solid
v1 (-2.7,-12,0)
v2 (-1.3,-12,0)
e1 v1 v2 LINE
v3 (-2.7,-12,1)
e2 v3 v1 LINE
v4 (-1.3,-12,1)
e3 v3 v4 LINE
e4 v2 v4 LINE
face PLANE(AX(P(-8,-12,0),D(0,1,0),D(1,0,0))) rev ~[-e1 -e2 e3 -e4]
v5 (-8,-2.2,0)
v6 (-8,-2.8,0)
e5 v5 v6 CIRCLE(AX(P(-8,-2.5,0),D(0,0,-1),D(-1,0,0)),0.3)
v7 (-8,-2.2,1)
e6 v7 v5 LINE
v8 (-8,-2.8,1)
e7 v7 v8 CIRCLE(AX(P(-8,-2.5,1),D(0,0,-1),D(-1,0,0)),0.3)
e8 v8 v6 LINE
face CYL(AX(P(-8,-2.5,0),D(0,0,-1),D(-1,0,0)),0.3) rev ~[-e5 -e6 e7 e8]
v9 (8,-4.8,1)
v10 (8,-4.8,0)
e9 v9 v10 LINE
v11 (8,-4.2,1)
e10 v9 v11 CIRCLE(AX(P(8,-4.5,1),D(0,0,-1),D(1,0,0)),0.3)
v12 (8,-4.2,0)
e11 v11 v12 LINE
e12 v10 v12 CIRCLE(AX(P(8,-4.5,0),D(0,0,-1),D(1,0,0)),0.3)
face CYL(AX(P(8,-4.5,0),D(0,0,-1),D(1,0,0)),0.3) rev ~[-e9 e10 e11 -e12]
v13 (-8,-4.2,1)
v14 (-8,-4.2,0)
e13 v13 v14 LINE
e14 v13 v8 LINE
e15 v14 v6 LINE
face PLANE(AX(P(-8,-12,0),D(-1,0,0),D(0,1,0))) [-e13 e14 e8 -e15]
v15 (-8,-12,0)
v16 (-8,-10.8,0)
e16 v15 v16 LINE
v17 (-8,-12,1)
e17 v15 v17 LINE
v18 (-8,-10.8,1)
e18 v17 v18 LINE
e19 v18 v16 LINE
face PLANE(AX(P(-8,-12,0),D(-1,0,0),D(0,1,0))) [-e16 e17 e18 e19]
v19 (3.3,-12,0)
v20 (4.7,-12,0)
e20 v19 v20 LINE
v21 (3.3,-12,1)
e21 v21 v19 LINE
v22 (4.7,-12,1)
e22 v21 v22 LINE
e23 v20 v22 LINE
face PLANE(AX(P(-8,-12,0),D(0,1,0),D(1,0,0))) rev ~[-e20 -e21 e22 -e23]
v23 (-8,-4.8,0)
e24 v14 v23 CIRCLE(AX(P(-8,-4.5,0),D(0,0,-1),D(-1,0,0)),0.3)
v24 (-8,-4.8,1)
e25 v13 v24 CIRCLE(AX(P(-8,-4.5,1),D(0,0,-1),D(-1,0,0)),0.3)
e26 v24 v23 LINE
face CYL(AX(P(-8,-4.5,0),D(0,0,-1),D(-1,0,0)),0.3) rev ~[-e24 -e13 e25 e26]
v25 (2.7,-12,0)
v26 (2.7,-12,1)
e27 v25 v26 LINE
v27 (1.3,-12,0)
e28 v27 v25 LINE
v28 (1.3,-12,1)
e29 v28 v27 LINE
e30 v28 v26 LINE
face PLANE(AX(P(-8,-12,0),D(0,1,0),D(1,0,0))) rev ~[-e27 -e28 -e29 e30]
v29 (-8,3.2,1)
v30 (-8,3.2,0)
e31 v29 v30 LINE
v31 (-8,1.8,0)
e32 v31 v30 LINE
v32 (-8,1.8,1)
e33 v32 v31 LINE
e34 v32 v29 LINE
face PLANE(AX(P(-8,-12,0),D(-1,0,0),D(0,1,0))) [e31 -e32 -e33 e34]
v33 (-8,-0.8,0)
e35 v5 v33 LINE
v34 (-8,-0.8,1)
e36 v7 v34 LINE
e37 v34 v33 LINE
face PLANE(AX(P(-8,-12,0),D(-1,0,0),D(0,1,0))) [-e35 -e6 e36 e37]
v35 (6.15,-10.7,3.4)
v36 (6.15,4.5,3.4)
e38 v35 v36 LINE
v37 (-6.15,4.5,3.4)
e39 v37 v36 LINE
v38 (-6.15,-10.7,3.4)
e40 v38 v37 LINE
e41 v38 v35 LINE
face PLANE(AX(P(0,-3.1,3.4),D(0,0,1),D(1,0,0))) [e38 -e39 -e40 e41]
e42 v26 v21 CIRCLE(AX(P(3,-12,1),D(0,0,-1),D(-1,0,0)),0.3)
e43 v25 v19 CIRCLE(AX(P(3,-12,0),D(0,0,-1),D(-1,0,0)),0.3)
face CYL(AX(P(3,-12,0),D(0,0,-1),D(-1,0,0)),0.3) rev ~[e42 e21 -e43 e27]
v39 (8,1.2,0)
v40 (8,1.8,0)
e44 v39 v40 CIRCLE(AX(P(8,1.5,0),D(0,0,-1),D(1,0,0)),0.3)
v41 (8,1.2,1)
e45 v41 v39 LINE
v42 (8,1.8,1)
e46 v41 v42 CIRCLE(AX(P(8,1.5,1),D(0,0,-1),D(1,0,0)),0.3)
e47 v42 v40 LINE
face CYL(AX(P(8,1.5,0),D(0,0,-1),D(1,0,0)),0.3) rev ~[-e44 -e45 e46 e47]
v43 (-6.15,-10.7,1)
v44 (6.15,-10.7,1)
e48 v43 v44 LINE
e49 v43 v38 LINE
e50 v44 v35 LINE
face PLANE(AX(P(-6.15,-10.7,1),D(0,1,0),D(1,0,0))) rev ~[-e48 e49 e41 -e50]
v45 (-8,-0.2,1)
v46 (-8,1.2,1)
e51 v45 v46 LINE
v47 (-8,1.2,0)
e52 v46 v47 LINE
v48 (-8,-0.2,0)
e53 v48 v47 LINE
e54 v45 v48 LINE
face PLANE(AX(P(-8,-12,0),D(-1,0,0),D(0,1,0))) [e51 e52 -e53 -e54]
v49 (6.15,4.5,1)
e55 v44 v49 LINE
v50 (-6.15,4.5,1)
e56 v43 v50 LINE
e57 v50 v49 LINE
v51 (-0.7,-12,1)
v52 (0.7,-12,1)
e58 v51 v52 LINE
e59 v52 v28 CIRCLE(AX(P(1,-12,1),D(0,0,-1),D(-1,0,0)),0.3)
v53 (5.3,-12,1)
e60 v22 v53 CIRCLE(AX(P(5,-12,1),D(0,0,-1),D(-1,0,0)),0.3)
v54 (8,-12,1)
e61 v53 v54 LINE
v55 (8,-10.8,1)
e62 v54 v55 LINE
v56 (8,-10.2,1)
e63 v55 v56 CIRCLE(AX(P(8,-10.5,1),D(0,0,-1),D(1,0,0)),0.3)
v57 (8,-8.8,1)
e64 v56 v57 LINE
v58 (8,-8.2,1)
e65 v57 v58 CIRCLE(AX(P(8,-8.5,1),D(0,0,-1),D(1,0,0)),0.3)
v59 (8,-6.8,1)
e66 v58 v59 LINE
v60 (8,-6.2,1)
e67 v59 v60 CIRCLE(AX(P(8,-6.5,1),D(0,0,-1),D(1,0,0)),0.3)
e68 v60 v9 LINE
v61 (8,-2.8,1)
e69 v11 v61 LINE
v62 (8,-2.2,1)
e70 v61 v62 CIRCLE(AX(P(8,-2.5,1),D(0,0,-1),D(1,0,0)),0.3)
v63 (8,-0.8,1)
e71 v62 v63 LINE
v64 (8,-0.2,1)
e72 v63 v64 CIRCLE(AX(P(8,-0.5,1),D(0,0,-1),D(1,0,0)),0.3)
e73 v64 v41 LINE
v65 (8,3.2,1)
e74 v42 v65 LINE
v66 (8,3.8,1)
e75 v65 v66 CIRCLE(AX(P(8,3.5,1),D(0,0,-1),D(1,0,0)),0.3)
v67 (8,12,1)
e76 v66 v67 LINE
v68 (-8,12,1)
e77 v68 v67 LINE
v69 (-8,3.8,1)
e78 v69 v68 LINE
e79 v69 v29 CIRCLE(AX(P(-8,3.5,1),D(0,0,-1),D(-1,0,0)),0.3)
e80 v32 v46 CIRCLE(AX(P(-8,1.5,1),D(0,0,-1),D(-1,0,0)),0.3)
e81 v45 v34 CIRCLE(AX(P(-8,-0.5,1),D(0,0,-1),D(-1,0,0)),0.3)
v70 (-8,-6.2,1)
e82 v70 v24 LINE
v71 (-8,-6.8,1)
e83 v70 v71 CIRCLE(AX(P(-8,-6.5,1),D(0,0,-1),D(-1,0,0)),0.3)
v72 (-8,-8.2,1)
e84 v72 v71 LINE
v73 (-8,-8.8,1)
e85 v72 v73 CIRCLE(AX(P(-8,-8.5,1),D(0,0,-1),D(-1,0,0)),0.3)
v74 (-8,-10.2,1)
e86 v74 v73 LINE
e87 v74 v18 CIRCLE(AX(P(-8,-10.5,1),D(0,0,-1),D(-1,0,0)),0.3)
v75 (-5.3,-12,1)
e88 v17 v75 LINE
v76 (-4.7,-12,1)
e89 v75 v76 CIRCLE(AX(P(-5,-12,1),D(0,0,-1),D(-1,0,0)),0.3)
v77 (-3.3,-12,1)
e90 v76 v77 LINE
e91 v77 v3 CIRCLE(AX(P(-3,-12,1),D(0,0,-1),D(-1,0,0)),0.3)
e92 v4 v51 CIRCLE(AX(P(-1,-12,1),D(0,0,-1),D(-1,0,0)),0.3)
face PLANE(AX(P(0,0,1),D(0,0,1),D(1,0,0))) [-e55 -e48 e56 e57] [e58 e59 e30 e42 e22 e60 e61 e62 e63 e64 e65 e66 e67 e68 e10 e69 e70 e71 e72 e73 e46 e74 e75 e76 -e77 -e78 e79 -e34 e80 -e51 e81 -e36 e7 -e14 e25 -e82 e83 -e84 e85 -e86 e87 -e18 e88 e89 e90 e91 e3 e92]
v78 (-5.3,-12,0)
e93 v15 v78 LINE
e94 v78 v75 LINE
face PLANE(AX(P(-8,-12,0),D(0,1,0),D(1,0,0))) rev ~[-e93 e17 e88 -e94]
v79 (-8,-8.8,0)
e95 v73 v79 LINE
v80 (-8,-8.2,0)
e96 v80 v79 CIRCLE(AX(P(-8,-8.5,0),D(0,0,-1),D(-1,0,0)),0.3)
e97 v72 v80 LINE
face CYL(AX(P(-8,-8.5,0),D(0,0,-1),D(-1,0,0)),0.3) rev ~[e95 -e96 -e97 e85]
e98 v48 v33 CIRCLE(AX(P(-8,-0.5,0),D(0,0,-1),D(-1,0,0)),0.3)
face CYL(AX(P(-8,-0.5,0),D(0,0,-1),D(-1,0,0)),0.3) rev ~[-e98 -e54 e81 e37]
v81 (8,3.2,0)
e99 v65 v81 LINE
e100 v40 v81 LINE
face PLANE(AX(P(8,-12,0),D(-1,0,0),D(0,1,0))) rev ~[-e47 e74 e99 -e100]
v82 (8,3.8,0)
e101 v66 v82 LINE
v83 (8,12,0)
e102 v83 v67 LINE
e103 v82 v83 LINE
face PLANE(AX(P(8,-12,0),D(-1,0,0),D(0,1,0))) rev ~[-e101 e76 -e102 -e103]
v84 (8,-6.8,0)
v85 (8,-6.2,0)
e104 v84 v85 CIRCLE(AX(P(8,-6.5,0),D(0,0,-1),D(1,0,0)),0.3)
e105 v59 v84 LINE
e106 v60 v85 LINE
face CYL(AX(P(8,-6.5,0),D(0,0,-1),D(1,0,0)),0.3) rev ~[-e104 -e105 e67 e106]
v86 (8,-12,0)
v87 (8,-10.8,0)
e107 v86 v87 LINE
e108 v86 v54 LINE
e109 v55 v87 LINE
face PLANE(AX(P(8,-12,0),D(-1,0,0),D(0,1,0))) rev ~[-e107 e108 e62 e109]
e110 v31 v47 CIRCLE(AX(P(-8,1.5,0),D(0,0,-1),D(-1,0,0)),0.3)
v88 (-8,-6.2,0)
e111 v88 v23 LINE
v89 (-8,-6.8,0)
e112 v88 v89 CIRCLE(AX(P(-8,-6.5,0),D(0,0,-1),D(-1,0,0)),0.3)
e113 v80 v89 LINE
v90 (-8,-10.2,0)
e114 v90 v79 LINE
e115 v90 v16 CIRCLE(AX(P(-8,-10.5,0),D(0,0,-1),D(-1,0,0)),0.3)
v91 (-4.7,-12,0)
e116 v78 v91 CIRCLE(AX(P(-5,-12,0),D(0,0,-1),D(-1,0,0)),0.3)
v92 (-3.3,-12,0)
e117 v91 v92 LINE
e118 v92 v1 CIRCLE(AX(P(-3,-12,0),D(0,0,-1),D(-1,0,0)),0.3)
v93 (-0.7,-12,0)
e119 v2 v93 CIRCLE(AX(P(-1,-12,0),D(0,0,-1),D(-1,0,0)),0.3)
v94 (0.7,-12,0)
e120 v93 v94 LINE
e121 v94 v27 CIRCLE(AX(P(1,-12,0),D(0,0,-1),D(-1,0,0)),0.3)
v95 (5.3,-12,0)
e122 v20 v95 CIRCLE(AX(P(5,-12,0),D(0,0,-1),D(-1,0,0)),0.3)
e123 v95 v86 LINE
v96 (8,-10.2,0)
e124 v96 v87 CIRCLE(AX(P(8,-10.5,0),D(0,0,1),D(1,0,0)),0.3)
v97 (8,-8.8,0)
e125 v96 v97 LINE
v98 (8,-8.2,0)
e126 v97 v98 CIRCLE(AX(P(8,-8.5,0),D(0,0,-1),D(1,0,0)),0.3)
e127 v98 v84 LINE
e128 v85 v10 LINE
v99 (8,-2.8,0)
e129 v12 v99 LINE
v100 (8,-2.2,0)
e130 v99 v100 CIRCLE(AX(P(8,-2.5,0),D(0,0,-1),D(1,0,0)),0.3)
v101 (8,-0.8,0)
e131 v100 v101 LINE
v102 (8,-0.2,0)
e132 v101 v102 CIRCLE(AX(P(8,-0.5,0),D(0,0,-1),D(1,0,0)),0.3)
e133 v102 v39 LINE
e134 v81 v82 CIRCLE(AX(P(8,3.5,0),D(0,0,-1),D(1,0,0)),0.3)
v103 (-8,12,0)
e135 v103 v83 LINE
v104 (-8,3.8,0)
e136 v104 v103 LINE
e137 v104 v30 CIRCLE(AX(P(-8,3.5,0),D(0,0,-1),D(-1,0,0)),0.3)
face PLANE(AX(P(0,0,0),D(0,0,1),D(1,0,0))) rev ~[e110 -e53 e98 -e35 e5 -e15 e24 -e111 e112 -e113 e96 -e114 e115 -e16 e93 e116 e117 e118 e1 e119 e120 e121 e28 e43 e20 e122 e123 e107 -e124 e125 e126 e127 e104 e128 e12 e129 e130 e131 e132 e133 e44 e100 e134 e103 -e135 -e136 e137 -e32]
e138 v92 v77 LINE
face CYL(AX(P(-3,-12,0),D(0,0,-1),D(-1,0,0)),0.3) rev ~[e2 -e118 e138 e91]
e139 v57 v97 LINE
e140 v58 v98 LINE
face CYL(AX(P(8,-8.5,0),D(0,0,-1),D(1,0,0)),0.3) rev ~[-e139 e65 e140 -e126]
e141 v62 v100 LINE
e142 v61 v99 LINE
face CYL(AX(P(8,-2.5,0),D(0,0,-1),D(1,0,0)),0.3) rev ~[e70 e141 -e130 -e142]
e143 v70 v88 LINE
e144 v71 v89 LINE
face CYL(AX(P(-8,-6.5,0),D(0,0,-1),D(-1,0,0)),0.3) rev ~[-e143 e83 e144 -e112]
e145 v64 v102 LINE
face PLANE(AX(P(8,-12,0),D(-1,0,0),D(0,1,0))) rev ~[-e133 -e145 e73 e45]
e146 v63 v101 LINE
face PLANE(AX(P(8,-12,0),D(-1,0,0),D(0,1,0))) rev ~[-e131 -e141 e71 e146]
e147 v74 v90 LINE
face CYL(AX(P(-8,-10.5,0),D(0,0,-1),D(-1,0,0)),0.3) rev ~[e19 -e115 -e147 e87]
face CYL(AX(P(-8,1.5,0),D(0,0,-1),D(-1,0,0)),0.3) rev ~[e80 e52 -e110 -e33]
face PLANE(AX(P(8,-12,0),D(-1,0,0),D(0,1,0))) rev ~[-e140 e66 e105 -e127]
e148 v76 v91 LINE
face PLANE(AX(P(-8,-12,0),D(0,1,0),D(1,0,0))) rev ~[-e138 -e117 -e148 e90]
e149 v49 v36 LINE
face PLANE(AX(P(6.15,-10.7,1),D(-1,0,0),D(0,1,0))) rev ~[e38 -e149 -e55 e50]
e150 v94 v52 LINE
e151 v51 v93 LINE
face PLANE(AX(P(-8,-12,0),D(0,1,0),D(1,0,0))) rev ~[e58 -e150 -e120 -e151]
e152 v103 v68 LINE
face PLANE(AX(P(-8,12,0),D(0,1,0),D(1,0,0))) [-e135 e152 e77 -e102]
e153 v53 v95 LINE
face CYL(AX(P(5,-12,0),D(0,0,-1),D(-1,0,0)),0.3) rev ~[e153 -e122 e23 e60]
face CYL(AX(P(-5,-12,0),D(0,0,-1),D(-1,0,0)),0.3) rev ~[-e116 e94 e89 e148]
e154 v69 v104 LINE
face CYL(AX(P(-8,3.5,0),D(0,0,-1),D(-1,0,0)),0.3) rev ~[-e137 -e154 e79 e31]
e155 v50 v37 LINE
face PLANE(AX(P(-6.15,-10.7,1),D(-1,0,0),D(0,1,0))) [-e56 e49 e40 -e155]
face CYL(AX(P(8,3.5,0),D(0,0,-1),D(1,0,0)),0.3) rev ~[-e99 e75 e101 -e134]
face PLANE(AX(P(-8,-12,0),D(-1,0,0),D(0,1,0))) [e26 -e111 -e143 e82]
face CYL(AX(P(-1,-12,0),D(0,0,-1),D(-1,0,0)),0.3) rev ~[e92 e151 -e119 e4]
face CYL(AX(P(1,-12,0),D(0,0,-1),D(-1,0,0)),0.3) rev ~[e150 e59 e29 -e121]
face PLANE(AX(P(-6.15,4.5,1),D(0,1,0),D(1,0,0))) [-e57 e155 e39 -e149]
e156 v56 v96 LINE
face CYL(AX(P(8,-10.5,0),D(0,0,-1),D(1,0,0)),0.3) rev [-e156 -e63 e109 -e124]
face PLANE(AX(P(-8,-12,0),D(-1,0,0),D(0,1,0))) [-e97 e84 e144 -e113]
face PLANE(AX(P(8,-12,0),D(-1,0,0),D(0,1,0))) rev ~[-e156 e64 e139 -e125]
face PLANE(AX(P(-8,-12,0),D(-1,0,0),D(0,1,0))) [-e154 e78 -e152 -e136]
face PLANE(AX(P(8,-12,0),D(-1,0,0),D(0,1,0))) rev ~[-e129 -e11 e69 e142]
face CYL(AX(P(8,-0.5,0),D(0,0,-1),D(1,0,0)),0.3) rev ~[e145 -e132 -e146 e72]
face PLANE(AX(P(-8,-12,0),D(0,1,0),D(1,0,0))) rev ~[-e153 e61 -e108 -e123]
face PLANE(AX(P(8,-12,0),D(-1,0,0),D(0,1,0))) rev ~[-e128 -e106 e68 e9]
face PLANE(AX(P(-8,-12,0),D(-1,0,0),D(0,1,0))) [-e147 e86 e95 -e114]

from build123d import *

# Parameters (mm, degrees)
SKETCH1_W               = 16
SKETCH1_H               = 24
BOSS_EXTRUDE1_DEPTH     = 1
SKETCH2_W               = 12.3
SKETCH2_H               = 15.2
BOSS_EXTRUDE2_DEPTH     = 2.4
SKETCH3_R               = 0.3
CUT_EXTRUDE1_DEPTH      = 15.817557154
LPATTERN1_COUNT         = 8
LPATTERN1_PITCH         = 2
MIRROR1_COPY_1_SKETCH_R = 0.3
MIRROR1_COPY_1_DEPTH    = 15.817557154
MIRROR1_COPY_2_SKETCH_R = 0.3
MIRROR1_COPY_2_DEPTH    = 15.817557154
MIRROR1_COPY_3_SKETCH_R = 0.3
MIRROR1_COPY_3_DEPTH    = 15.817557154
MIRROR1_COPY_4_SKETCH_R = 0.3
MIRROR1_COPY_4_DEPTH    = 15.817557154
MIRROR1_COPY_5_SKETCH_R = 0.3
MIRROR1_COPY_5_DEPTH    = 15.817557154
MIRROR1_COPY_6_SKETCH_R = 0.3
MIRROR1_COPY_6_DEPTH    = 15.817557154
MIRROR1_COPY_7_SKETCH_R = 0.3
MIRROR1_COPY_7_DEPTH    = 15.817557154
SKETCH4_R               = 0.3
CUT_EXTRUDE2_DEPTH      = 15.817557154
LPATTERN2_COUNT         = 6
LPATTERN2_PITCH         = 2


with BuildPart() as part:
    # Sketch1 → Boss-Extrude1 (new body)
    with BuildSketch(Plane.XY):
        Rectangle(SKETCH1_W, SKETCH1_H)
    extrude(amount=BOSS_EXTRUDE1_DEPTH)

    # Sketch2 → Boss-Extrude2 (add)
    with BuildSketch(Plane.XY.offset(1)):
        with Locations((0, -3.1)):
            Rectangle(SKETCH2_W, SKETCH2_H)
    extrude(amount=BOSS_EXTRUDE2_DEPTH)

    # Sketch3 → Cut-Extrude1 (cut, through all)
    with BuildSketch(Plane(origin=(0, 0, 0), x_dir=(-1, 0, 0), z_dir=(0, 0, -1))):
        with Locations((8, -10.5)):
            Circle(SKETCH3_R)
    cut_extrude1 = extrude(amount=-CUT_EXTRUDE1_DEPTH, mode=Mode.SUBTRACT)

    # LPattern1: Cut-Extrude1 ×8
    with Locations(*[(0, i * LPATTERN1_PITCH, 0) for i in range(1, LPATTERN1_COUNT)]):
        add(cut_extrude1, mode=Mode.SUBTRACT)

    # Mirror1: Cut-Extrude1 across plane
    add(cut_extrude1.mirror(Plane(origin=(0, 0, 0), x_dir=(0, 0, 1), z_dir=(1, 0, 0))), mode=Mode.SUBTRACT)

    # Mirror1 copy 1 sketch → Mirror1 copy 1 (cut, through all)
    with BuildSketch(Plane(origin=(0, 2, 0), x_dir=(1, 0, 0), z_dir=(0, 0, -1))):
        with Locations((8, 10.5)):
            Circle(MIRROR1_COPY_1_SKETCH_R)
    extrude(amount=-MIRROR1_COPY_1_DEPTH, mode=Mode.SUBTRACT)

    # Mirror1 copy 2 sketch → Mirror1 copy 2 (cut, through all)
    with BuildSketch(Plane(origin=(0, 4, 0), x_dir=(1, 0, 0), z_dir=(0, 0, -1))):
        with Locations((8, 10.5)):
            Circle(MIRROR1_COPY_2_SKETCH_R)
    extrude(amount=-MIRROR1_COPY_2_DEPTH, mode=Mode.SUBTRACT)

    # Mirror1 copy 3 sketch → Mirror1 copy 3 (cut, through all)
    with BuildSketch(Plane(origin=(0, 6, 0), x_dir=(1, 0, 0), z_dir=(0, 0, -1))):
        with Locations((8, 10.5)):
            Circle(MIRROR1_COPY_3_SKETCH_R)
    extrude(amount=-MIRROR1_COPY_3_DEPTH, mode=Mode.SUBTRACT)

    # Mirror1 copy 4 sketch → Mirror1 copy 4 (cut, through all)
    with BuildSketch(Plane(origin=(0, 8, 0), x_dir=(1, 0, 0), z_dir=(0, 0, -1))):
        with Locations((8, 10.5)):
            Circle(MIRROR1_COPY_4_SKETCH_R)
    extrude(amount=-MIRROR1_COPY_4_DEPTH, mode=Mode.SUBTRACT)

    # Mirror1 copy 5 sketch → Mirror1 copy 5 (cut, through all)
    with BuildSketch(Plane(origin=(0, 10, 0), x_dir=(1, 0, 0), z_dir=(0, 0, -1))):
        with Locations((8, 10.5)):
            Circle(MIRROR1_COPY_5_SKETCH_R)
    extrude(amount=-MIRROR1_COPY_5_DEPTH, mode=Mode.SUBTRACT)

    # Mirror1 copy 6 sketch → Mirror1 copy 6 (cut, through all)
    with BuildSketch(Plane(origin=(0, 12, 0), x_dir=(1, 0, 0), z_dir=(0, 0, -1))):
        with Locations((8, 10.5)):
            Circle(MIRROR1_COPY_6_SKETCH_R)
    extrude(amount=-MIRROR1_COPY_6_DEPTH, mode=Mode.SUBTRACT)

    # Mirror1 copy 7 sketch → Mirror1 copy 7 (cut, through all)
    with BuildSketch(Plane(origin=(0, 14, 0), x_dir=(1, 0, 0), z_dir=(0, 0, -1))):
        with Locations((8, 10.5)):
            Circle(MIRROR1_COPY_7_SKETCH_R)
    extrude(amount=-MIRROR1_COPY_7_DEPTH, mode=Mode.SUBTRACT)

    # Sketch4 → Cut-Extrude2 (cut, through all)
    with BuildSketch(Plane(origin=(0, 0, 0), x_dir=(-1, 0, 0), z_dir=(0, 0, -1))):
        with Locations((5, -12)):
            Circle(SKETCH4_R)
    cut_extrude2 = extrude(amount=-CUT_EXTRUDE2_DEPTH, mode=Mode.SUBTRACT)

    # LPattern2: Cut-Extrude2 ×6
    with Locations(*[(i * LPATTERN2_PITCH, 0, 0) for i in range(1, LPATTERN2_COUNT)]):
        add(cut_extrude2, mode=Mode.SUBTRACT)


solid = part.part
